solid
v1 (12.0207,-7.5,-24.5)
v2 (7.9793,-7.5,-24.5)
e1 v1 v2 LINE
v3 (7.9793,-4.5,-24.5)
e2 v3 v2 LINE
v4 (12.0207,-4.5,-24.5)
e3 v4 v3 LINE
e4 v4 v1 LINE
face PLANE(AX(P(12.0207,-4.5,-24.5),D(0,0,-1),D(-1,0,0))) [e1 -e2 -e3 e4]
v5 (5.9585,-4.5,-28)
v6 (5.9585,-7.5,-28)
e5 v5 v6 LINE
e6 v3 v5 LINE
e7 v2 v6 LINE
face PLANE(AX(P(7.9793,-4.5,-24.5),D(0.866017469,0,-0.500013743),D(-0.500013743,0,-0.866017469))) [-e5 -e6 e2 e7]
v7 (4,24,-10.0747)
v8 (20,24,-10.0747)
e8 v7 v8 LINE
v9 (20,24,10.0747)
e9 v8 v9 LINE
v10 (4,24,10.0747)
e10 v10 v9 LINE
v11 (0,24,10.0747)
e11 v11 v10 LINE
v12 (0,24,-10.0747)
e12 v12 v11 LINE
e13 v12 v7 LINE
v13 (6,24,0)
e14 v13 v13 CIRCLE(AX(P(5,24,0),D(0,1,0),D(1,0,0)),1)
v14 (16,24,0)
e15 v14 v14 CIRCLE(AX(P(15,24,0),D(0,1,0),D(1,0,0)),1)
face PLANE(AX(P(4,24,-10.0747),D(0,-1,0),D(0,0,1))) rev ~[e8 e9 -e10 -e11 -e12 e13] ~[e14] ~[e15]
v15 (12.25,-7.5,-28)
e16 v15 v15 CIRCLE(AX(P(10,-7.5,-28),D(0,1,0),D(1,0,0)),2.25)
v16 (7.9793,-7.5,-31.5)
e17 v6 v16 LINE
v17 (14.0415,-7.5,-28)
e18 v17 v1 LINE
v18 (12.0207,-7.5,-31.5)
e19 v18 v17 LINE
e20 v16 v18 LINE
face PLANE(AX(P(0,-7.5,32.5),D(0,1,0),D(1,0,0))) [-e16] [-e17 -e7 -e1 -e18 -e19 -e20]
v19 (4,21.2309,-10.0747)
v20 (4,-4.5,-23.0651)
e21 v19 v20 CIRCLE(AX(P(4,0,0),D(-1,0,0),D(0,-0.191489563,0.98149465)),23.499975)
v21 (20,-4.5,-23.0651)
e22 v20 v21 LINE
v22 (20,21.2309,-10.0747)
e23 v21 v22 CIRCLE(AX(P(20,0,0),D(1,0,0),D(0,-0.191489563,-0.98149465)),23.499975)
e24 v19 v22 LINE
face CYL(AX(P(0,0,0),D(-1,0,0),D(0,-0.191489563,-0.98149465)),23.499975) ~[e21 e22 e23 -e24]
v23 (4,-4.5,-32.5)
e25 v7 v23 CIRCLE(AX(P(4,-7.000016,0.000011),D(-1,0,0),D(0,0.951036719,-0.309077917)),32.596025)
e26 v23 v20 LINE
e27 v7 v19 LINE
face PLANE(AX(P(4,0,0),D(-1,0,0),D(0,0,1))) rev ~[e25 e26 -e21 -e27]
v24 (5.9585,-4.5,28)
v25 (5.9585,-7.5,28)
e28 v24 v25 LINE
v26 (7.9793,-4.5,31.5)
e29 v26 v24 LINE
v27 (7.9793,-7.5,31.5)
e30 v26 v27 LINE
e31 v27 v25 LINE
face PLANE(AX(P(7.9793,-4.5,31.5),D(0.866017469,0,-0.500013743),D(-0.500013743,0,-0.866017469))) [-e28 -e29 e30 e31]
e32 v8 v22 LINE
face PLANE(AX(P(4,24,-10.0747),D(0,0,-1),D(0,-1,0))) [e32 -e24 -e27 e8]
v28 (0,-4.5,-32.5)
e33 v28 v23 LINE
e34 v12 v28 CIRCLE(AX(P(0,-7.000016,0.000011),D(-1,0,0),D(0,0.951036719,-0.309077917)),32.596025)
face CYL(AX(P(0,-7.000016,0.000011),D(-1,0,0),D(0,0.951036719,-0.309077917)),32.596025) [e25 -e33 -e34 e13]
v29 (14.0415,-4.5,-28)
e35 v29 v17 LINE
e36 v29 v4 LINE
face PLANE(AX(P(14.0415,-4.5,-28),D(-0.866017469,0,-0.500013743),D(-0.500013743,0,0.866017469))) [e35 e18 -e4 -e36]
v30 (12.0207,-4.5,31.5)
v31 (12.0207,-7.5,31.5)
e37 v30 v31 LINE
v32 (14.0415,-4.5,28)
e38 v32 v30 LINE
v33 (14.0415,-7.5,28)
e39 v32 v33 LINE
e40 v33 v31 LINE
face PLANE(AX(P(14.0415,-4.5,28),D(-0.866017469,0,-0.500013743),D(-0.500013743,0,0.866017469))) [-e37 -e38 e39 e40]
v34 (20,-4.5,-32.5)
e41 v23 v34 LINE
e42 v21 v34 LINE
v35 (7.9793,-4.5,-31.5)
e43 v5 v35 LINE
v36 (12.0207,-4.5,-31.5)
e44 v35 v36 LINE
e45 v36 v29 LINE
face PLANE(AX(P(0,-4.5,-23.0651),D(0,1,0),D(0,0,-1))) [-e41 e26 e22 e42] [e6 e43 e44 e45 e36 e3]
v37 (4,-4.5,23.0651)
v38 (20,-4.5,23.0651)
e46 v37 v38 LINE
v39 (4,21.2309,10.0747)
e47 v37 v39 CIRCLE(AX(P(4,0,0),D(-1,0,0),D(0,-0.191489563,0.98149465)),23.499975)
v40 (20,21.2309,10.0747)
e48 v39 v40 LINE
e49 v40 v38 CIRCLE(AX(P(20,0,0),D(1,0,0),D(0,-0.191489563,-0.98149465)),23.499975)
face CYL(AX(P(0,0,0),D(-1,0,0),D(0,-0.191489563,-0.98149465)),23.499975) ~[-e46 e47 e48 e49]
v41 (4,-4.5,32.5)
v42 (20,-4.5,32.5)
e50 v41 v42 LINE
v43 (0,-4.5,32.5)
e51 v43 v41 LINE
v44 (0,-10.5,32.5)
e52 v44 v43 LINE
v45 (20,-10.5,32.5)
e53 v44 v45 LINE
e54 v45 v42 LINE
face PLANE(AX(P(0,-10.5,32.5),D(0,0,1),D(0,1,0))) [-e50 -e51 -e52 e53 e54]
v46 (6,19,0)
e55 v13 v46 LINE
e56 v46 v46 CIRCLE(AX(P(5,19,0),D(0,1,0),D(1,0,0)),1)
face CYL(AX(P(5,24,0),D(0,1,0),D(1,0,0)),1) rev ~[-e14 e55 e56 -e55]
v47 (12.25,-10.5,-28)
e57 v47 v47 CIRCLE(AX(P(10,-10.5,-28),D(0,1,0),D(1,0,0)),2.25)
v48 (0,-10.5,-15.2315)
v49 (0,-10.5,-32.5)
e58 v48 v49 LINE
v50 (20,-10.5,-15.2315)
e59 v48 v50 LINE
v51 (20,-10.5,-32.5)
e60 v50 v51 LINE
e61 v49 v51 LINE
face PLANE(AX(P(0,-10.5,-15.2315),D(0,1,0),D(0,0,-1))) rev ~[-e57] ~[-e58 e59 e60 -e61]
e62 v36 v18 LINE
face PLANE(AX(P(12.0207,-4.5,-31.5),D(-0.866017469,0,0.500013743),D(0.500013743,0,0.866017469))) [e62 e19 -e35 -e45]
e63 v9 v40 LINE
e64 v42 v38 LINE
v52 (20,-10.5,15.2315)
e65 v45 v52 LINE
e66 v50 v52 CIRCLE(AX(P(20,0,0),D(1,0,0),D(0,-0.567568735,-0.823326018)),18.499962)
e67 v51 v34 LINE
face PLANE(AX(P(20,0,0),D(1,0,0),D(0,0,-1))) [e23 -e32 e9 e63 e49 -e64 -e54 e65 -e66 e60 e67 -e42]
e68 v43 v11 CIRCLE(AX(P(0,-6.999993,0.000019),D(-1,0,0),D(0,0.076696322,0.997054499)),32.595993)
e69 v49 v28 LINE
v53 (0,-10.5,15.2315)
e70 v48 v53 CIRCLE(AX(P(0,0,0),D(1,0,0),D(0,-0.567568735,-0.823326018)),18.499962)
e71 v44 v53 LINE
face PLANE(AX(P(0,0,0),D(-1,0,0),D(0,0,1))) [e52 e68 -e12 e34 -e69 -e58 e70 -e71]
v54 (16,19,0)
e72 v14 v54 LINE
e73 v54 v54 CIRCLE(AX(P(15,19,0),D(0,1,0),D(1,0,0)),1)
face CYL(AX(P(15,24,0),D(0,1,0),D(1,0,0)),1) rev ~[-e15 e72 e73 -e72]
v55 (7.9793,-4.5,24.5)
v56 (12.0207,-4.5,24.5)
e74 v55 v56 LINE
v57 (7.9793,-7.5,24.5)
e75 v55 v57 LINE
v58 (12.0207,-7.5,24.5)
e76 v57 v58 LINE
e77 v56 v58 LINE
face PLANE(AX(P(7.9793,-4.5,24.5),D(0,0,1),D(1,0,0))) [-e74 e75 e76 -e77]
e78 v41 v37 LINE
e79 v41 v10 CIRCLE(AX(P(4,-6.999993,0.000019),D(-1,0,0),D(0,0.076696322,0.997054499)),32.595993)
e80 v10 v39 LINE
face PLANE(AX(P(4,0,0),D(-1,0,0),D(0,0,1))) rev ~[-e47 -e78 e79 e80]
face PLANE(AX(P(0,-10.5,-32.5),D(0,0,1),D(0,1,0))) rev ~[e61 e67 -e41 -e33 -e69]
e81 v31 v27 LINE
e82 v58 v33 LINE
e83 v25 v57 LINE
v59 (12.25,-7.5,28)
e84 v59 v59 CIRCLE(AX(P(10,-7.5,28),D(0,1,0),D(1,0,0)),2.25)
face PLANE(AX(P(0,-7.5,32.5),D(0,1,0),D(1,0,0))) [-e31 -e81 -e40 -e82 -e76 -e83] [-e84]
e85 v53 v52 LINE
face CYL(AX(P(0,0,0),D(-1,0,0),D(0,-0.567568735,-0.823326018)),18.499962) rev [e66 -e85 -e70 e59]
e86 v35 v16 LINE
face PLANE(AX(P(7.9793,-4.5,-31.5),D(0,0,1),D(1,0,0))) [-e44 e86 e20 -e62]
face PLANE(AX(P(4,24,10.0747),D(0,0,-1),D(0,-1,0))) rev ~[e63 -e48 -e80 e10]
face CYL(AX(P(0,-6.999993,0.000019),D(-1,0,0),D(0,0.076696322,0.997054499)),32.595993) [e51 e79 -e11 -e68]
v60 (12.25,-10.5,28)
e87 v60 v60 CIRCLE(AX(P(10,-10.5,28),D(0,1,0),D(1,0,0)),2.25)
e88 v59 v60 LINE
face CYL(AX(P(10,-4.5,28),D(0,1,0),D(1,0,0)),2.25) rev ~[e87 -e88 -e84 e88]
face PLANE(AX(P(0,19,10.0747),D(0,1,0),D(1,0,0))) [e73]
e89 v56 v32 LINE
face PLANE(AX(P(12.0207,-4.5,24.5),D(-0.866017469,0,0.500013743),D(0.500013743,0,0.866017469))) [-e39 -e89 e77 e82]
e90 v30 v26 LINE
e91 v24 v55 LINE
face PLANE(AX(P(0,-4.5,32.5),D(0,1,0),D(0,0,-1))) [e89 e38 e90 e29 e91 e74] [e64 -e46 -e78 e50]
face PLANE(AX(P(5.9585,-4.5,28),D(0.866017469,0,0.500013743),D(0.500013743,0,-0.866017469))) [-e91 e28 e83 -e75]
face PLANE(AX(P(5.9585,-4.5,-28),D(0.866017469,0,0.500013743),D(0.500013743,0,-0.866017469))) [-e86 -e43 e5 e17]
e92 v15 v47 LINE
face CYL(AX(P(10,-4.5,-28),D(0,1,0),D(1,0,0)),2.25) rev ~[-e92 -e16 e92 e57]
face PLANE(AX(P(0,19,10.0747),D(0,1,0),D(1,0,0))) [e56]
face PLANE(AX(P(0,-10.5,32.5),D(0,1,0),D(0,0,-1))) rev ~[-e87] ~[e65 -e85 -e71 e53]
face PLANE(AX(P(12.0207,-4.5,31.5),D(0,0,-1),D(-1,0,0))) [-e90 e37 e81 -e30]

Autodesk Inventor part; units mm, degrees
ref_plane "YZ Plane" through (0, 0, 0) normal (1, 0, 0) x (0, 1, 0)
ref_plane "XZ Plane" through (0, 0, 0) normal (0, 1, 0) x (-1, 0, 0)
ref_plane "XY Plane" through (0, 0, 0) normal (0, 0, 1) x (1, 0, 0)
sketch "Эскиз1" plane through (0, 0, 0) normal (1, 0, 0) x (0, 1, 0)
  arc A0 (-10.5, -15.2315) -> (-10.5, 15.2315) centre (0, 0) ccw
  line L0 (-18.5, 7.8305) -> (-18.5, -11.8621) construction
  line L1 (-22.5, 35.5109) -> (-22.5, -35.1928) construction
  line L2 (-10.5, 32.5) -> (-10.5, 15.2315)
  line L3 (-4.5, 32.5) -> (-4.5, 23.0651)
  line L4 (-10.5, 32.5) -> (-4.5, 32.5)
  line L5 (-10.5, -32.5) -> (-4.5, -32.5)
  line L6 (0, 0) -> (-8, 0) construction
  arc A1 (-4.5, -23.0651) -> (-4.5, 23.0651) centre (0, 0) ccw
  line L7 (-10.5, -15.2315) -> (-10.5, -32.5)
  line L8 (-4.5, -23.0651) -> (-4.5, -32.5)
  dimension "d0" = 37
  dimension "d2" = 4
  dimension "d3" = 12
  dimension "d4" = 6
  dimension "d5" = 65
  dimension "d6" = 5
extrude "Выдавливание1" add sketch "Эскиз1" along normal blind 20
sketch "Эскиз2" plane through (0, -4.5, 32.5) normal (0, 1, 0) x (1, 0, 0)
  line L0 (10, -4.2749) -> (10, 72.1744) construction
  line L1 (7.9793, 1) -> (5.9585, 4.5)
  line L2 (5.9585, 4.5) -> (7.9793, 8)
  line L3 (7.9793, 8) -> (12.0207, 8)
  line L4 (12.0207, 8) -> (14.0415, 4.5)
  line L5 (14.0415, 4.5) -> (12.0207, 1)
  line L6 (12.0207, 1) -> (7.9793, 1)
  line L7 (12.0207, 64) -> (14.0415, 60.5)
  line L8 (14.0415, 60.5) -> (12.0207, 57)
  line L9 (12.0207, 57) -> (7.9793, 57)
  line L10 (7.9793, 57) -> (5.9585, 60.5)
  line L11 (5.9585, 60.5) -> (7.9793, 64)
  line L12 (7.9793, 64) -> (12.0207, 64)
  line L13 (0, 32.5) -> (-8.5856, 32.5) construction
  line L14 (0, 65) -> (0, 55.5651) projected
  circle A0 centre (10, 4.5) radius 2.25
  circle A1 centre (10, 60.5) radius 2.25
  point P0 (10, 1)
  point P1 (10, 64)
  dimension "d9" = 7
  dimension "d10" = 56
  dimension "d11" = 10
  dimension "d12" = 4.5
  dimension "d13" = 4.5
extrude "Выдавливание2" cut sketch "Эскиз2" against normal blind 3
sketch "Эскиз3" plane through (10, -4.5, 28) normal (0, 1, 0) x (1, 0, 0)
  circle A0 centre (0, 0) radius 2.25 projected
  circle A1 centre (0, 56) radius 2.25 projected
  point P0 (-10, 28)
extrude "Выдавливание3" cut sketch "Эскиз3" against normal through all
sketch "Эскиз4" plane through (0, 0, 0) normal (-1, 0, 0) x (0, 0, 1)
  line L0 (-32.5, -10.5) -> (-32.5, -4.5) projected
  line L1 (-32.5, -10.5) -> (-32.5, -9.5)
  line L2 (-32.5, -4.5) -> (-23, -4.5)
  line L3 (32.5, -10.5) -> (15.2315, -10.5) projected
  line L4 (32.5, -10.5) -> (32.5, -4.5)
  line L5 (32.5, -4.5) -> (23, -4.5)
  arc A0 (23.0651, -4.5) -> (-23.0651, -4.5) centre (0, 0) ccw
  arc A1 (32.4076, -10.5) -> (32.5, -9.5) centre (0, -7) ccw
  line L6 (-10.0747, 24) -> (10.0747, 24)
  arc A2 (32.5, -4.5) -> (10.0747, 24) centre (0, -7) ccw
  arc A3 (-10.0747, 24) -> (-32.5, -4.5) centre (0, -7) ccw
extrude "Выдавливание12" add sketch "Эскиз4" against normal blind 4 contours A3 L6 A2 L5 A0 L2
sketch "Эскиз11" plane through (4, 0, 0) normal (1, 0, 0) x (0, 0, -1)
  line L0 (10.0747, 24) -> (-10.0747, 24) projected
  line L1 (10.0747, 24) -> (-10.0747, 24)
  line L2 (-10.0747, 24) -> (-10.0747, 21)
  arc A0 (32.5, -4.5) -> (10.0747, 24) centre (0, -7) ccw projected
  line L3 (10.0747, 24) -> (10.0747, 21.2309)
  arc A1 (23.0651, -4.5) -> (-23.0651, -4.5) centre (0, 0) ccw projected
  arc A2 (10.0747, 21.2309) -> (-10.0747, 21.2309) centre (0, 0) ccw
extrude "Выдавливание13" add sketch "Эскиз11" along normal blind 16
sketch "Эскиз12" plane through (0, 24, 10.0747) normal (0, 1, 0) x (1, 0, 0)
  circle A0 centre (15, 10.0747) radius 1
  circle A1 centre (5, 10.0747) radius 1
  point P0 (0, 10.0747)
  dimension "d49" = 2
extrude "Выдавливание14" cut sketch "Эскиз12" against normal blind 5
properties part number "05-01-Кронштейн верх (update)"
